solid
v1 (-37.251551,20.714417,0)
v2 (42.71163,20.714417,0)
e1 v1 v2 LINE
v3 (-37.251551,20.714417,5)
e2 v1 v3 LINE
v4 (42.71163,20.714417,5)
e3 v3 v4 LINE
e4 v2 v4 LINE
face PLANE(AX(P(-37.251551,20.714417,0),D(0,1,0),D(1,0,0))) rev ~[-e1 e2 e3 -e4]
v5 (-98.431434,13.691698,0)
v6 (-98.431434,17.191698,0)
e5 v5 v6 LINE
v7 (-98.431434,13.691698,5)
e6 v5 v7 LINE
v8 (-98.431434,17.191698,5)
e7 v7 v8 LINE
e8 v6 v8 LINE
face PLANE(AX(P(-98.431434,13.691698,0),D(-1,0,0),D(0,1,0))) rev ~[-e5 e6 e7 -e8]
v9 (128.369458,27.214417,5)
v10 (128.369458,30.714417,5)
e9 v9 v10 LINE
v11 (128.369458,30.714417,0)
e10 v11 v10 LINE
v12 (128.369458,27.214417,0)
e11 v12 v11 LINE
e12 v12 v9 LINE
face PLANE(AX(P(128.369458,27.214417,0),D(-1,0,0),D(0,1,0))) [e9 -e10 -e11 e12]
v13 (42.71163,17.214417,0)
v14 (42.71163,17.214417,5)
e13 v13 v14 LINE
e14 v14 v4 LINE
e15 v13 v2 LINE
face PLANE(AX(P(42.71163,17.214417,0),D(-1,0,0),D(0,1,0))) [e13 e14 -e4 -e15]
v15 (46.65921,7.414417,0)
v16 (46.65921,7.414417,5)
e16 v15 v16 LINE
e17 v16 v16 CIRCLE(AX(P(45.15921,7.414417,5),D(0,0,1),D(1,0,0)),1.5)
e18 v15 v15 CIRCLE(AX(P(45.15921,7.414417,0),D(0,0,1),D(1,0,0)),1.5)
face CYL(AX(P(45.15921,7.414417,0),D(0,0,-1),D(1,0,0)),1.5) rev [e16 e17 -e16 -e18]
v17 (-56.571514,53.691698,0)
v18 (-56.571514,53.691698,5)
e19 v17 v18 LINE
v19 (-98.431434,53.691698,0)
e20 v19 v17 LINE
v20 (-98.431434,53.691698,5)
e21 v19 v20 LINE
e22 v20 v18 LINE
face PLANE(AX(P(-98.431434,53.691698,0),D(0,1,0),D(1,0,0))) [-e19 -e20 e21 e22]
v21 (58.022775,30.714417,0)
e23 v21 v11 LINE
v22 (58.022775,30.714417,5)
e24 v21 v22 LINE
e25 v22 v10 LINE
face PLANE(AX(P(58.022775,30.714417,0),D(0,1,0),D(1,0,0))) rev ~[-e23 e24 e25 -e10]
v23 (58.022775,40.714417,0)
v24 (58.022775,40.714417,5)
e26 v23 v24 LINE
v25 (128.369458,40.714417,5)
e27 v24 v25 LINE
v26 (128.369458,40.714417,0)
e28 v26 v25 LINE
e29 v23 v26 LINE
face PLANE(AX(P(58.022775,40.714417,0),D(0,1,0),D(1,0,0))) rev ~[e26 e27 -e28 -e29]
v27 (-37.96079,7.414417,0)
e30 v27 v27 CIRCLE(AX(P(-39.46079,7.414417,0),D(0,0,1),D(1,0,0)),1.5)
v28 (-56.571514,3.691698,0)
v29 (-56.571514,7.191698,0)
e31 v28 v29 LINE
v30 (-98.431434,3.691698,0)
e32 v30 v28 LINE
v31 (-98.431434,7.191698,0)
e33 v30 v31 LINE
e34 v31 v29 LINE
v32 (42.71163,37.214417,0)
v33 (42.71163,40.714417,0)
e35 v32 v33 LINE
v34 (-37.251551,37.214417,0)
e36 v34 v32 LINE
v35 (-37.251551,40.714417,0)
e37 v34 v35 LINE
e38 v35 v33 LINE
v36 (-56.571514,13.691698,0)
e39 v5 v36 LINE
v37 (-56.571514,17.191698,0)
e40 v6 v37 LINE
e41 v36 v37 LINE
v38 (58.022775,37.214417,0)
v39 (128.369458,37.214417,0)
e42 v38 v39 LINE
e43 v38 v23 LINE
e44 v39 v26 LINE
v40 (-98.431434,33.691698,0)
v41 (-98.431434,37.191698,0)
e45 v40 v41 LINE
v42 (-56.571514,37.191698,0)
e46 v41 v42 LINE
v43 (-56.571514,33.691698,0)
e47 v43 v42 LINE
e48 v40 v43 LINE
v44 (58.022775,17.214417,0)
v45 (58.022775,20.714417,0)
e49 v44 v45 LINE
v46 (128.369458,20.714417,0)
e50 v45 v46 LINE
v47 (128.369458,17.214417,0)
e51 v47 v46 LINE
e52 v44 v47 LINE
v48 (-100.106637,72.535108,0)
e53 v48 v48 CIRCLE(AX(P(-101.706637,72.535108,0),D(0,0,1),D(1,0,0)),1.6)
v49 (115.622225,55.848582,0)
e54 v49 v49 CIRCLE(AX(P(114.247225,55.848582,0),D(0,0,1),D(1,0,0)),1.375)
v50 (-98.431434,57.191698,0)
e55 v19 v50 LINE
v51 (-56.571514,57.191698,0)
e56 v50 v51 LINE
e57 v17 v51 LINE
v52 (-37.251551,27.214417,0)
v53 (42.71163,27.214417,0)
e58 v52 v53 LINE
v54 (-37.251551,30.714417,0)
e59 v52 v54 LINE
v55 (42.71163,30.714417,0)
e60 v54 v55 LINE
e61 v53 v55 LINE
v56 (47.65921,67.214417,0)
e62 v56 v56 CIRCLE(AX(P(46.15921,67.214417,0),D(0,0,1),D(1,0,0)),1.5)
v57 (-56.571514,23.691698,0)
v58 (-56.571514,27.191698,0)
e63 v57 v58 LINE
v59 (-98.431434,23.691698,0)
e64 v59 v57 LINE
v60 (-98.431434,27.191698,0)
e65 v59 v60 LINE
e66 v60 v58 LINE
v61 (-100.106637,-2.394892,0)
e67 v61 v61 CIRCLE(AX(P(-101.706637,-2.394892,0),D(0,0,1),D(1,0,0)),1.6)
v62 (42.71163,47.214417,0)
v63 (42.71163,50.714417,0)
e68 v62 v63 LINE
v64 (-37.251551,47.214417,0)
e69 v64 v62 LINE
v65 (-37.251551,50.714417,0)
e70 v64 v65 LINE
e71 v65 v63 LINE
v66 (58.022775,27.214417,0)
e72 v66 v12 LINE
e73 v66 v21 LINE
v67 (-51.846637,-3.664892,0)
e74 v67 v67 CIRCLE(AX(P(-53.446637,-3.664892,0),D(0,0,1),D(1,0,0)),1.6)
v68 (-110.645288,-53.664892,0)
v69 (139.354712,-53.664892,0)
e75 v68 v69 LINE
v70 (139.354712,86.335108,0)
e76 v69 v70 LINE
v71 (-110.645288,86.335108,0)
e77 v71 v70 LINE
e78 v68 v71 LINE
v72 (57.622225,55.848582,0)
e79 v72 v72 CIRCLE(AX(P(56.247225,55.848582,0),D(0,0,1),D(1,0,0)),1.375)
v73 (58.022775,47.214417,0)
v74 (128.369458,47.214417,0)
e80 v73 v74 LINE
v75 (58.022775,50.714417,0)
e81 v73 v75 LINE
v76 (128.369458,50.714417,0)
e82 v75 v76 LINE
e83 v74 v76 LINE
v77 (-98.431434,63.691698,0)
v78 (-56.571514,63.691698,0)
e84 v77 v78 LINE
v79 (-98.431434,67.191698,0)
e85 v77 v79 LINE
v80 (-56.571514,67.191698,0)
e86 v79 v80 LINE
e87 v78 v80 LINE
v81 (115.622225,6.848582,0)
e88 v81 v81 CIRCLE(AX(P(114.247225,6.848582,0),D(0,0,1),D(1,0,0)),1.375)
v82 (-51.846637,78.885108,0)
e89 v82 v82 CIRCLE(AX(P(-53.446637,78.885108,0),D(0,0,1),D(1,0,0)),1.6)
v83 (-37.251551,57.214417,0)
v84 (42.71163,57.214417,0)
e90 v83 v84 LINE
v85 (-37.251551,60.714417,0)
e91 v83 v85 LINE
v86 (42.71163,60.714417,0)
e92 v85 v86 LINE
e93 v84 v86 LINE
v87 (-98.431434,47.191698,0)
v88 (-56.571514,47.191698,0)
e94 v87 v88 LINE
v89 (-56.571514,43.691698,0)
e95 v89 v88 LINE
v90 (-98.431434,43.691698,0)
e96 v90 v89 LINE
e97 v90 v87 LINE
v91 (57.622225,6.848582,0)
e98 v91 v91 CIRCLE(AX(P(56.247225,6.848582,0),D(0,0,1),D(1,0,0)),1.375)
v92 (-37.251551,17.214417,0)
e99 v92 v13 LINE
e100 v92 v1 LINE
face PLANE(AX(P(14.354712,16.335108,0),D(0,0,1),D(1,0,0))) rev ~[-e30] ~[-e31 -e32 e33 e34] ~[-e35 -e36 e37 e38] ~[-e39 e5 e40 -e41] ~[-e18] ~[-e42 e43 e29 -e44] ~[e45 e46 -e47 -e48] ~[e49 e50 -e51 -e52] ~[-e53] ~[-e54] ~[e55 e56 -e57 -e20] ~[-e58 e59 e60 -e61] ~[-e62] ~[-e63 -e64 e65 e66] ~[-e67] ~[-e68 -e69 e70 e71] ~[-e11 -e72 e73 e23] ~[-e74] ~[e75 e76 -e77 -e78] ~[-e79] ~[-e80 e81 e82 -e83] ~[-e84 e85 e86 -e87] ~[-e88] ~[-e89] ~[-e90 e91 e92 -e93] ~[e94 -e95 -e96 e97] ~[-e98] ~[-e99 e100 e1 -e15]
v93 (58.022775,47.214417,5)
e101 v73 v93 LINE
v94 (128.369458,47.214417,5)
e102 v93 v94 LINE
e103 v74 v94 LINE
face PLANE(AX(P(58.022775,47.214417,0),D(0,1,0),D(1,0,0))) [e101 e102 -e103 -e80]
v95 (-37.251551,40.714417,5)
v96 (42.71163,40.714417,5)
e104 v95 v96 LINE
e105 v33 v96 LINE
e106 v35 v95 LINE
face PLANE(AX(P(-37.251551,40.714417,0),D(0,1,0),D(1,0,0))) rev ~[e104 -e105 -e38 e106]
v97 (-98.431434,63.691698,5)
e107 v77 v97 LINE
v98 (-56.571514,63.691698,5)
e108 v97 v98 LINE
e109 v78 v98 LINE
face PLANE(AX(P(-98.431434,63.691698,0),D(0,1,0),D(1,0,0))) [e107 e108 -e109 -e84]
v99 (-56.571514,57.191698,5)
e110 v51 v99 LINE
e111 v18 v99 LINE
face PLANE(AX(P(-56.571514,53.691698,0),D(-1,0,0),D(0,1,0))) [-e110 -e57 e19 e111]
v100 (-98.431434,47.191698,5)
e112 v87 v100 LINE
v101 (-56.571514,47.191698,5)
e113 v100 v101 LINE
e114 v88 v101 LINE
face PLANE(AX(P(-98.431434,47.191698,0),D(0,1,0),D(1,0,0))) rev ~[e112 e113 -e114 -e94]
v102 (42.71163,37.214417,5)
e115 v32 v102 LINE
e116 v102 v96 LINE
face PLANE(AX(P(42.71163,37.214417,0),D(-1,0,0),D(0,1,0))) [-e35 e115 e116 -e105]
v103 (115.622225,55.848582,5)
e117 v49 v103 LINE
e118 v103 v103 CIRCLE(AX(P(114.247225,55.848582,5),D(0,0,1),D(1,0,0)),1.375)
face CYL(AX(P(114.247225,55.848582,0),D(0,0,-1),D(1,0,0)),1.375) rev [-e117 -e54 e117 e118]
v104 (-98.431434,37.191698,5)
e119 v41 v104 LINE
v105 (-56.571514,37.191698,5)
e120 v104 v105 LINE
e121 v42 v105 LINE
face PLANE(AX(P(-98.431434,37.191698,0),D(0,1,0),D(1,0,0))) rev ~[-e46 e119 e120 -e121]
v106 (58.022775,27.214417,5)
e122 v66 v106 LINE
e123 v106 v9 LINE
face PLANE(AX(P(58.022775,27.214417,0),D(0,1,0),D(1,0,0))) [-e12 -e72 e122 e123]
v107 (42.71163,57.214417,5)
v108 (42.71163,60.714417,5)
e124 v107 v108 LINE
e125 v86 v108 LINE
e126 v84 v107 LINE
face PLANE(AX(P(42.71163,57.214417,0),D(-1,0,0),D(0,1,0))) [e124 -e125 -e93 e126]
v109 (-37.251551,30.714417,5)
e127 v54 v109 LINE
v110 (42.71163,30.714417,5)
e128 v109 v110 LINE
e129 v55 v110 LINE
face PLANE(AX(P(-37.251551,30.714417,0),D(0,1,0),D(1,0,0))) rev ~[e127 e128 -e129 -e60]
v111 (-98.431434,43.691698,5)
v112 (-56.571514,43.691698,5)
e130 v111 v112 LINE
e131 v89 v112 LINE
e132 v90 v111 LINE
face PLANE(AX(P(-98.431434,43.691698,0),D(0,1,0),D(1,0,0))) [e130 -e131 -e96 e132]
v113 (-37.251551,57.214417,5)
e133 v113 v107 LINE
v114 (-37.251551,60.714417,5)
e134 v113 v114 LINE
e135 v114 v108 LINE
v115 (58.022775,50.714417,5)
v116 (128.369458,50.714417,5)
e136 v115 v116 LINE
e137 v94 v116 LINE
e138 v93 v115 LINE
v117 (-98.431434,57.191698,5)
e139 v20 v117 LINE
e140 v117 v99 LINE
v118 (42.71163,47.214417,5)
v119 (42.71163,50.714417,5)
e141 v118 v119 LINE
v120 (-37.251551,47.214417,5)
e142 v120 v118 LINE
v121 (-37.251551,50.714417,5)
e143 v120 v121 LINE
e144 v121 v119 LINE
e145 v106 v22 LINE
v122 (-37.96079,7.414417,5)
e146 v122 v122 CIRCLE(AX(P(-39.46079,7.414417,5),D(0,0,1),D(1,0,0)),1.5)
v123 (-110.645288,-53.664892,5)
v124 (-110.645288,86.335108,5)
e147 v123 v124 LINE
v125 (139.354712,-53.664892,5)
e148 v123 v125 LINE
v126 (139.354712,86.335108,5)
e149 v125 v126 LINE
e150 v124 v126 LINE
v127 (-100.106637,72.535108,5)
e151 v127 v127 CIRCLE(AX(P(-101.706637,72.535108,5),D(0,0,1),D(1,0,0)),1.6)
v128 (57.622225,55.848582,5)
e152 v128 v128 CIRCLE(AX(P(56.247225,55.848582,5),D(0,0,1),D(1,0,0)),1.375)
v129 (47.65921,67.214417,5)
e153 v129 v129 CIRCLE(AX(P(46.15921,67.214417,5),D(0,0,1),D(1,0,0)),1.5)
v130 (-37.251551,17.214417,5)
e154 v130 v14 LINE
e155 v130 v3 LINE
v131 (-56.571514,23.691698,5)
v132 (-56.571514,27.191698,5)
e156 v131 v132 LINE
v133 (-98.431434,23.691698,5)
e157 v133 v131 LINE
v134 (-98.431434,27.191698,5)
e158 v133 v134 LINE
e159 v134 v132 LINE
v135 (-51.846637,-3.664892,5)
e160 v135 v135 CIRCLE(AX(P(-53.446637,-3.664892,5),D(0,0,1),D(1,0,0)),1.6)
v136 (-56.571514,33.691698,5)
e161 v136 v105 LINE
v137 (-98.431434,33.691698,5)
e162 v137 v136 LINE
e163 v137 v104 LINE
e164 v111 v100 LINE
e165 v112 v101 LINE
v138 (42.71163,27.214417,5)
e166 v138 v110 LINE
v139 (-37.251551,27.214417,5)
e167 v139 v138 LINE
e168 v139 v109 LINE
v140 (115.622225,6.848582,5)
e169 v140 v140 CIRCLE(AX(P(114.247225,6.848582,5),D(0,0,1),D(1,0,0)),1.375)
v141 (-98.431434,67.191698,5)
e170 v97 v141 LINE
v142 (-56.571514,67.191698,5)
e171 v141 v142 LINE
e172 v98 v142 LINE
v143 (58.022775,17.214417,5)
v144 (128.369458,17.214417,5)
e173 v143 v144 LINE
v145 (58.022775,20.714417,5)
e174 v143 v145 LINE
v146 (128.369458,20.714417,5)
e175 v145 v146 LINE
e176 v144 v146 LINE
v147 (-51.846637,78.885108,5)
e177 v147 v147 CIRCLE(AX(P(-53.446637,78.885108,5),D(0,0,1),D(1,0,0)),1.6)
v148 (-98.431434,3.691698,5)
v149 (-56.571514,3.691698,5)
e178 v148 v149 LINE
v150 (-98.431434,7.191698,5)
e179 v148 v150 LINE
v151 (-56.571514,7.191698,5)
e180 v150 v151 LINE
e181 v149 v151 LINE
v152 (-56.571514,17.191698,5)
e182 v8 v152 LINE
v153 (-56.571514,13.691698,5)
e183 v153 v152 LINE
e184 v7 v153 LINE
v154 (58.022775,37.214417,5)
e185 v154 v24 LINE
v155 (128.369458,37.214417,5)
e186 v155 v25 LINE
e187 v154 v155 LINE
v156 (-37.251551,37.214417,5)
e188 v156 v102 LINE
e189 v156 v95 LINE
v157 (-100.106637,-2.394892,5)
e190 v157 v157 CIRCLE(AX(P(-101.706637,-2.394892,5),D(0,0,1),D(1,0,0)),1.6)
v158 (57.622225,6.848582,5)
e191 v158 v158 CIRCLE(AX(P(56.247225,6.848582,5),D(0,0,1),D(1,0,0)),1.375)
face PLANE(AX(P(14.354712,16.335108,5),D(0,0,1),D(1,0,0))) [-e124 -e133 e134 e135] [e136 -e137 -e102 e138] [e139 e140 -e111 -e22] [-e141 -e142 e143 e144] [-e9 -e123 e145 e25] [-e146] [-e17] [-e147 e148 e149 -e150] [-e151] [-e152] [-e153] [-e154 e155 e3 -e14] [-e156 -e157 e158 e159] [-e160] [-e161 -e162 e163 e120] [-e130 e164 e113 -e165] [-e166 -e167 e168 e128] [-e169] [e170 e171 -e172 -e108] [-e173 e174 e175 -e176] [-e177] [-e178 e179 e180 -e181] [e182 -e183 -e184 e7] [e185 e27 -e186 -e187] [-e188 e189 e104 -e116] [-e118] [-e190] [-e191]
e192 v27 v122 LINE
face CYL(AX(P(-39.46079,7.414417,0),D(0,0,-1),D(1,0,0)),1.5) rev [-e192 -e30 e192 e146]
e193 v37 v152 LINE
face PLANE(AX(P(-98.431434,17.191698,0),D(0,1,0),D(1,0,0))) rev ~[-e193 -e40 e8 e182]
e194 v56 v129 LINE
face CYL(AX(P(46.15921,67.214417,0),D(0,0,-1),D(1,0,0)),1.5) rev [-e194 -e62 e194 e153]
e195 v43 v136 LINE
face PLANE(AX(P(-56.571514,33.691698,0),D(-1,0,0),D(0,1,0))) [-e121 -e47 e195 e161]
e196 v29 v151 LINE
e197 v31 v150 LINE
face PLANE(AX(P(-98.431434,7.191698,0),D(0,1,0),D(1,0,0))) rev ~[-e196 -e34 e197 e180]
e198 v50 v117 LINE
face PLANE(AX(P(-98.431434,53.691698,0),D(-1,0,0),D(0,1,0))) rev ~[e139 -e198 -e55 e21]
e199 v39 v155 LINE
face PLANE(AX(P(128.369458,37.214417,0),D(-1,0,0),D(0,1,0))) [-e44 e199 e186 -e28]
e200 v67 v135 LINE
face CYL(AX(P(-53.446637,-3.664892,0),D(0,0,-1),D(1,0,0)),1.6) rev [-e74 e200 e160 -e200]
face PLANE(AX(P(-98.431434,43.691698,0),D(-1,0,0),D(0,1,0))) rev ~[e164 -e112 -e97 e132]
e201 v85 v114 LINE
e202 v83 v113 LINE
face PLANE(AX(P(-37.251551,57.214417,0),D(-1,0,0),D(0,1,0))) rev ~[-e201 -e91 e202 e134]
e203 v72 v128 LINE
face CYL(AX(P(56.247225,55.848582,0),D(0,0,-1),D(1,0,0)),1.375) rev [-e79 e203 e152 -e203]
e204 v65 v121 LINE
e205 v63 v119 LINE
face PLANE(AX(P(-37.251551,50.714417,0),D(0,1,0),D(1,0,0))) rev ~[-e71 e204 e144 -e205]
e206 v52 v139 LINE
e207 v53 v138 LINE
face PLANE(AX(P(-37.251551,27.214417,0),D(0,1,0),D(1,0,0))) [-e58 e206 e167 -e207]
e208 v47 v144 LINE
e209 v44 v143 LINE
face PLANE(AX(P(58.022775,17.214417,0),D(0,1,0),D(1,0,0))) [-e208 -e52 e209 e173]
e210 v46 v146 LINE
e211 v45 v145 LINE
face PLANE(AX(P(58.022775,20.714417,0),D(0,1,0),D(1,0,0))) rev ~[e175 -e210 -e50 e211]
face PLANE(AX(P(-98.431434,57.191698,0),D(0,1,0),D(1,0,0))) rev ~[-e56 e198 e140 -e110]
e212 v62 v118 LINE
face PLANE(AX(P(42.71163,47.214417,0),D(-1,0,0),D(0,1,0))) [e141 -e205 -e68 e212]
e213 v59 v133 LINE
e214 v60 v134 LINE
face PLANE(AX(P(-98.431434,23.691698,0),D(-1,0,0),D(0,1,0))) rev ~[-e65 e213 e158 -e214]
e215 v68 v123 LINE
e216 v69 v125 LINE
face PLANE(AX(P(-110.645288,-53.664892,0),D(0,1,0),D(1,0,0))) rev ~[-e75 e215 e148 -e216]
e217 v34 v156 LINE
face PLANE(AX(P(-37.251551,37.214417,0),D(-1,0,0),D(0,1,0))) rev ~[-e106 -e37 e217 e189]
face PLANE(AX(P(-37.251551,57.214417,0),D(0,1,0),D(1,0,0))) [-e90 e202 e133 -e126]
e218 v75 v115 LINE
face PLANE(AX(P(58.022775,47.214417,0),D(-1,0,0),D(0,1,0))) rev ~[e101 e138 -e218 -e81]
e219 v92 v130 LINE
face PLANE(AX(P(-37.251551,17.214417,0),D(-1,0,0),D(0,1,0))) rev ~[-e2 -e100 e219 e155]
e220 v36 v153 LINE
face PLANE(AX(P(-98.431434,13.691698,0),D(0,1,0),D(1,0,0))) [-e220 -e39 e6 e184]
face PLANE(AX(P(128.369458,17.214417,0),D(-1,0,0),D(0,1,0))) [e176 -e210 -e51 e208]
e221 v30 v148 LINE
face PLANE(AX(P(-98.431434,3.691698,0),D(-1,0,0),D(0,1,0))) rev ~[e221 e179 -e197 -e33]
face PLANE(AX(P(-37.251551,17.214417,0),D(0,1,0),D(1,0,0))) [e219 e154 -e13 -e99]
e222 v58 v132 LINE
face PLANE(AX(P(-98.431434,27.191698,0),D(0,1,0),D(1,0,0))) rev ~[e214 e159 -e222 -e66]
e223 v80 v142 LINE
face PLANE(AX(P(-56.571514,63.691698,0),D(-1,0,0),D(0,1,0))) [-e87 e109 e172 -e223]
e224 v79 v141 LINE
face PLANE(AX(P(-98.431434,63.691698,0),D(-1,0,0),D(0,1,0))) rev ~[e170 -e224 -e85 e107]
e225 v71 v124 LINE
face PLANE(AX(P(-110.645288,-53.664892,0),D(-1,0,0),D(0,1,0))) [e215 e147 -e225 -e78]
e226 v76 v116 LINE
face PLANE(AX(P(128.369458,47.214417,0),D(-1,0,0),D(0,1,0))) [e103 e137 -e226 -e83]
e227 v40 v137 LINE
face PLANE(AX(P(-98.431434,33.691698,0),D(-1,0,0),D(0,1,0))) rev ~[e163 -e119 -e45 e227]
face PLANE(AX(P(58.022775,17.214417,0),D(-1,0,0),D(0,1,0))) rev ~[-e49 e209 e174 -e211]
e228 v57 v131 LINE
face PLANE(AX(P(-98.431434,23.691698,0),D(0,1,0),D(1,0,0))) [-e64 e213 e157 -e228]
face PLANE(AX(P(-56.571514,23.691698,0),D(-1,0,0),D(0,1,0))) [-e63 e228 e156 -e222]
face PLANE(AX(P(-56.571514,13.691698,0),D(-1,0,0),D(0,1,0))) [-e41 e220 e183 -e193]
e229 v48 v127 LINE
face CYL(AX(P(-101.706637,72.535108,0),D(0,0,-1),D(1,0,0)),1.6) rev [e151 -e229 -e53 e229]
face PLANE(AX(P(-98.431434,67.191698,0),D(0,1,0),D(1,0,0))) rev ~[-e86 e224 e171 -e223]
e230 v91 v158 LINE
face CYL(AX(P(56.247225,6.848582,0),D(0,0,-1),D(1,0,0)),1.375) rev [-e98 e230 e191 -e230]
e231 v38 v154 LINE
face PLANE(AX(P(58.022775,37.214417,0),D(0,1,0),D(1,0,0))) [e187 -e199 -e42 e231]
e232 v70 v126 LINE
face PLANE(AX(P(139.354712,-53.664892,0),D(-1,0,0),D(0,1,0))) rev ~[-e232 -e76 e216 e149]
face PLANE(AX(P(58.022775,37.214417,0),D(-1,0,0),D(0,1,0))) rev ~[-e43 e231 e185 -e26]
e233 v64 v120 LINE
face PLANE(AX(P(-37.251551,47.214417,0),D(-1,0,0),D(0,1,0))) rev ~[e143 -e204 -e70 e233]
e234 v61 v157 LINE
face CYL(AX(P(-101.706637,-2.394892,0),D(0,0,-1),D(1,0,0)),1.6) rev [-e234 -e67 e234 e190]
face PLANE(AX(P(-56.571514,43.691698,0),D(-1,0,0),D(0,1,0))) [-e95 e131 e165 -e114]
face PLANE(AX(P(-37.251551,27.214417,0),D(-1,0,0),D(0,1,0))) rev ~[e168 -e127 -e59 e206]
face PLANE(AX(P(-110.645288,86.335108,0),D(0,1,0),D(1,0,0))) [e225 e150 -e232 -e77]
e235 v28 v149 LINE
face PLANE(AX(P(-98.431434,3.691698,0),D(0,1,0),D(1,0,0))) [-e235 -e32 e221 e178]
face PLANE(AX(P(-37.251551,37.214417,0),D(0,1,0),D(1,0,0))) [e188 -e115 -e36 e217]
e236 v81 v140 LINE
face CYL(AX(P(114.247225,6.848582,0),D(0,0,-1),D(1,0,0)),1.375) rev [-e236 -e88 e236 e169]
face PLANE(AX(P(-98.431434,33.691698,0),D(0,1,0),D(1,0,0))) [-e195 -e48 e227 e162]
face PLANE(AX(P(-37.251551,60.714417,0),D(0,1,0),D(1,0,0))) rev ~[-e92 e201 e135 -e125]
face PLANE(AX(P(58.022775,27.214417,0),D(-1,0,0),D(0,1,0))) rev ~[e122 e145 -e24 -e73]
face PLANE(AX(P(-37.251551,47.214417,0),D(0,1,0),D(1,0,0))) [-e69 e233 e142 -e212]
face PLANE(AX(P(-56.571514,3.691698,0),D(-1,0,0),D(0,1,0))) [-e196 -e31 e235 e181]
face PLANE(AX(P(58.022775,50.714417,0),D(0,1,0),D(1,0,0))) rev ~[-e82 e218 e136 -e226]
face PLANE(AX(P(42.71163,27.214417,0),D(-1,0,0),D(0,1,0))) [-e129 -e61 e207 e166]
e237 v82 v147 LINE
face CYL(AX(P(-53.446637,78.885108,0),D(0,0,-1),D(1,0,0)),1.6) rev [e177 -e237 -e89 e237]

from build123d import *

# Parameters (mm, degrees)
CROQUIS1_W              = 250
CROQUIS1_H              = 140
CROQUIS1_R              = 1.6
CROQUIS1_R_2            = 1.375
CROQUIS1_R_3            = 1.5
CROQUIS1_W_2            = 41.859919993
CROQUIS1_H_2            = 3.5
CROQUIS1_W_3            = 79.963180499
CROQUIS1_W_4            = 70.346682928
SALIENTE_EXTRUIR1_DEPTH = 5


with BuildPart() as part:
    # Croquis1 → Saliente-Extruir1 (new body)
    with BuildSketch(Plane.XY):
        with Locations((14.354712009, 16.335108086)):
            Rectangle(CROQUIS1_W, CROQUIS1_H)
        with Locations((-101.706636686, -2.394891914)):
            Circle(CROQUIS1_R, mode=Mode.SUBTRACT)
        with Locations((-53.446636686, -3.664891914)):
            Circle(CROQUIS1_R, mode=Mode.SUBTRACT)
        with Locations((114.247224856, 6.848582104)):
            Circle(CROQUIS1_R_2, mode=Mode.SUBTRACT)
        with Locations((114.247224856, 55.848582104)):
            Circle(CROQUIS1_R_2, mode=Mode.SUBTRACT)
        with Locations((56.247224856, 6.848582104)):
            Circle(CROQUIS1_R_2, mode=Mode.SUBTRACT)
        with Locations((56.247224856, 55.848582104)):
            Circle(CROQUIS1_R_2, mode=Mode.SUBTRACT)
        with Locations((46.159209602, 67.214416737)):
            Circle(CROQUIS1_R_3, mode=Mode.SUBTRACT)
        with Locations((45.159209602, 7.414416737)):
            Circle(CROQUIS1_R_3, mode=Mode.SUBTRACT)
        with Locations((-39.460790398, 7.414416737)):
            Circle(CROQUIS1_R_3, mode=Mode.SUBTRACT)
        with Locations((-101.706636686, 72.535108086)):
            Circle(CROQUIS1_R, mode=Mode.SUBTRACT)
        with Locations((-53.446636686, 78.885108086)):
            Circle(CROQUIS1_R, mode=Mode.SUBTRACT)
        with Locations((-77.501473664, 55.441697687)):
            Rectangle(CROQUIS1_W_2, CROQUIS1_H_2, mode=Mode.SUBTRACT)
        with Locations((-77.501473664, 65.441697687)):
            Rectangle(CROQUIS1_W_2, CROQUIS1_H_2, mode=Mode.SUBTRACT)
        with Locations((-77.501473664, 45.441697687)):
            Rectangle(CROQUIS1_W_2, CROQUIS1_H_2, mode=Mode.SUBTRACT)
        with Locations((-77.501473664, 35.441697687)):
            Rectangle(CROQUIS1_W_2, CROQUIS1_H_2, mode=Mode.SUBTRACT)
        with Locations((-77.501473664, 25.441697687)):
            Rectangle(CROQUIS1_W_2, CROQUIS1_H_2, mode=Mode.SUBTRACT)
        with Locations((-77.501473664, 15.441697687)):
            Rectangle(CROQUIS1_W_2, CROQUIS1_H_2, mode=Mode.SUBTRACT)
        with Locations((-77.501473664, 5.441697687)):
            Rectangle(CROQUIS1_W_2, CROQUIS1_H_2, mode=Mode.SUBTRACT)
        with Locations((2.730039656, 48.964416737)):
            Rectangle(CROQUIS1_W_3, CROQUIS1_H_2, mode=Mode.SUBTRACT)
        with Locations((2.730039656, 58.964416737)):
            Rectangle(CROQUIS1_W_3, CROQUIS1_H_2, mode=Mode.SUBTRACT)
        with Locations((2.730039656, 38.964416737)):
            Rectangle(CROQUIS1_W_3, CROQUIS1_H_2, mode=Mode.SUBTRACT)
        with Locations((2.730039656, 28.964416737)):
            Rectangle(CROQUIS1_W_3, CROQUIS1_H_2, mode=Mode.SUBTRACT)
        with Locations((2.730039656, 18.964416737)):
            Rectangle(CROQUIS1_W_3, CROQUIS1_H_2, mode=Mode.SUBTRACT)
        with Locations((93.196116464, 38.964416737)):
            Rectangle(CROQUIS1_W_4, CROQUIS1_H_2, mode=Mode.SUBTRACT)
        with Locations((93.196116464, 48.964416737)):
            Rectangle(CROQUIS1_W_4, CROQUIS1_H_2, mode=Mode.SUBTRACT)
        with Locations((93.196116464, 28.964416737)):
            Rectangle(CROQUIS1_W_4, CROQUIS1_H_2, mode=Mode.SUBTRACT)
        with Locations((93.196116464, 18.964416737)):
            Rectangle(CROQUIS1_W_4, CROQUIS1_H_2, mode=Mode.SUBTRACT)
    extrude(amount=SALIENTE_EXTRUIR1_DEPTH)


solid = part.part
